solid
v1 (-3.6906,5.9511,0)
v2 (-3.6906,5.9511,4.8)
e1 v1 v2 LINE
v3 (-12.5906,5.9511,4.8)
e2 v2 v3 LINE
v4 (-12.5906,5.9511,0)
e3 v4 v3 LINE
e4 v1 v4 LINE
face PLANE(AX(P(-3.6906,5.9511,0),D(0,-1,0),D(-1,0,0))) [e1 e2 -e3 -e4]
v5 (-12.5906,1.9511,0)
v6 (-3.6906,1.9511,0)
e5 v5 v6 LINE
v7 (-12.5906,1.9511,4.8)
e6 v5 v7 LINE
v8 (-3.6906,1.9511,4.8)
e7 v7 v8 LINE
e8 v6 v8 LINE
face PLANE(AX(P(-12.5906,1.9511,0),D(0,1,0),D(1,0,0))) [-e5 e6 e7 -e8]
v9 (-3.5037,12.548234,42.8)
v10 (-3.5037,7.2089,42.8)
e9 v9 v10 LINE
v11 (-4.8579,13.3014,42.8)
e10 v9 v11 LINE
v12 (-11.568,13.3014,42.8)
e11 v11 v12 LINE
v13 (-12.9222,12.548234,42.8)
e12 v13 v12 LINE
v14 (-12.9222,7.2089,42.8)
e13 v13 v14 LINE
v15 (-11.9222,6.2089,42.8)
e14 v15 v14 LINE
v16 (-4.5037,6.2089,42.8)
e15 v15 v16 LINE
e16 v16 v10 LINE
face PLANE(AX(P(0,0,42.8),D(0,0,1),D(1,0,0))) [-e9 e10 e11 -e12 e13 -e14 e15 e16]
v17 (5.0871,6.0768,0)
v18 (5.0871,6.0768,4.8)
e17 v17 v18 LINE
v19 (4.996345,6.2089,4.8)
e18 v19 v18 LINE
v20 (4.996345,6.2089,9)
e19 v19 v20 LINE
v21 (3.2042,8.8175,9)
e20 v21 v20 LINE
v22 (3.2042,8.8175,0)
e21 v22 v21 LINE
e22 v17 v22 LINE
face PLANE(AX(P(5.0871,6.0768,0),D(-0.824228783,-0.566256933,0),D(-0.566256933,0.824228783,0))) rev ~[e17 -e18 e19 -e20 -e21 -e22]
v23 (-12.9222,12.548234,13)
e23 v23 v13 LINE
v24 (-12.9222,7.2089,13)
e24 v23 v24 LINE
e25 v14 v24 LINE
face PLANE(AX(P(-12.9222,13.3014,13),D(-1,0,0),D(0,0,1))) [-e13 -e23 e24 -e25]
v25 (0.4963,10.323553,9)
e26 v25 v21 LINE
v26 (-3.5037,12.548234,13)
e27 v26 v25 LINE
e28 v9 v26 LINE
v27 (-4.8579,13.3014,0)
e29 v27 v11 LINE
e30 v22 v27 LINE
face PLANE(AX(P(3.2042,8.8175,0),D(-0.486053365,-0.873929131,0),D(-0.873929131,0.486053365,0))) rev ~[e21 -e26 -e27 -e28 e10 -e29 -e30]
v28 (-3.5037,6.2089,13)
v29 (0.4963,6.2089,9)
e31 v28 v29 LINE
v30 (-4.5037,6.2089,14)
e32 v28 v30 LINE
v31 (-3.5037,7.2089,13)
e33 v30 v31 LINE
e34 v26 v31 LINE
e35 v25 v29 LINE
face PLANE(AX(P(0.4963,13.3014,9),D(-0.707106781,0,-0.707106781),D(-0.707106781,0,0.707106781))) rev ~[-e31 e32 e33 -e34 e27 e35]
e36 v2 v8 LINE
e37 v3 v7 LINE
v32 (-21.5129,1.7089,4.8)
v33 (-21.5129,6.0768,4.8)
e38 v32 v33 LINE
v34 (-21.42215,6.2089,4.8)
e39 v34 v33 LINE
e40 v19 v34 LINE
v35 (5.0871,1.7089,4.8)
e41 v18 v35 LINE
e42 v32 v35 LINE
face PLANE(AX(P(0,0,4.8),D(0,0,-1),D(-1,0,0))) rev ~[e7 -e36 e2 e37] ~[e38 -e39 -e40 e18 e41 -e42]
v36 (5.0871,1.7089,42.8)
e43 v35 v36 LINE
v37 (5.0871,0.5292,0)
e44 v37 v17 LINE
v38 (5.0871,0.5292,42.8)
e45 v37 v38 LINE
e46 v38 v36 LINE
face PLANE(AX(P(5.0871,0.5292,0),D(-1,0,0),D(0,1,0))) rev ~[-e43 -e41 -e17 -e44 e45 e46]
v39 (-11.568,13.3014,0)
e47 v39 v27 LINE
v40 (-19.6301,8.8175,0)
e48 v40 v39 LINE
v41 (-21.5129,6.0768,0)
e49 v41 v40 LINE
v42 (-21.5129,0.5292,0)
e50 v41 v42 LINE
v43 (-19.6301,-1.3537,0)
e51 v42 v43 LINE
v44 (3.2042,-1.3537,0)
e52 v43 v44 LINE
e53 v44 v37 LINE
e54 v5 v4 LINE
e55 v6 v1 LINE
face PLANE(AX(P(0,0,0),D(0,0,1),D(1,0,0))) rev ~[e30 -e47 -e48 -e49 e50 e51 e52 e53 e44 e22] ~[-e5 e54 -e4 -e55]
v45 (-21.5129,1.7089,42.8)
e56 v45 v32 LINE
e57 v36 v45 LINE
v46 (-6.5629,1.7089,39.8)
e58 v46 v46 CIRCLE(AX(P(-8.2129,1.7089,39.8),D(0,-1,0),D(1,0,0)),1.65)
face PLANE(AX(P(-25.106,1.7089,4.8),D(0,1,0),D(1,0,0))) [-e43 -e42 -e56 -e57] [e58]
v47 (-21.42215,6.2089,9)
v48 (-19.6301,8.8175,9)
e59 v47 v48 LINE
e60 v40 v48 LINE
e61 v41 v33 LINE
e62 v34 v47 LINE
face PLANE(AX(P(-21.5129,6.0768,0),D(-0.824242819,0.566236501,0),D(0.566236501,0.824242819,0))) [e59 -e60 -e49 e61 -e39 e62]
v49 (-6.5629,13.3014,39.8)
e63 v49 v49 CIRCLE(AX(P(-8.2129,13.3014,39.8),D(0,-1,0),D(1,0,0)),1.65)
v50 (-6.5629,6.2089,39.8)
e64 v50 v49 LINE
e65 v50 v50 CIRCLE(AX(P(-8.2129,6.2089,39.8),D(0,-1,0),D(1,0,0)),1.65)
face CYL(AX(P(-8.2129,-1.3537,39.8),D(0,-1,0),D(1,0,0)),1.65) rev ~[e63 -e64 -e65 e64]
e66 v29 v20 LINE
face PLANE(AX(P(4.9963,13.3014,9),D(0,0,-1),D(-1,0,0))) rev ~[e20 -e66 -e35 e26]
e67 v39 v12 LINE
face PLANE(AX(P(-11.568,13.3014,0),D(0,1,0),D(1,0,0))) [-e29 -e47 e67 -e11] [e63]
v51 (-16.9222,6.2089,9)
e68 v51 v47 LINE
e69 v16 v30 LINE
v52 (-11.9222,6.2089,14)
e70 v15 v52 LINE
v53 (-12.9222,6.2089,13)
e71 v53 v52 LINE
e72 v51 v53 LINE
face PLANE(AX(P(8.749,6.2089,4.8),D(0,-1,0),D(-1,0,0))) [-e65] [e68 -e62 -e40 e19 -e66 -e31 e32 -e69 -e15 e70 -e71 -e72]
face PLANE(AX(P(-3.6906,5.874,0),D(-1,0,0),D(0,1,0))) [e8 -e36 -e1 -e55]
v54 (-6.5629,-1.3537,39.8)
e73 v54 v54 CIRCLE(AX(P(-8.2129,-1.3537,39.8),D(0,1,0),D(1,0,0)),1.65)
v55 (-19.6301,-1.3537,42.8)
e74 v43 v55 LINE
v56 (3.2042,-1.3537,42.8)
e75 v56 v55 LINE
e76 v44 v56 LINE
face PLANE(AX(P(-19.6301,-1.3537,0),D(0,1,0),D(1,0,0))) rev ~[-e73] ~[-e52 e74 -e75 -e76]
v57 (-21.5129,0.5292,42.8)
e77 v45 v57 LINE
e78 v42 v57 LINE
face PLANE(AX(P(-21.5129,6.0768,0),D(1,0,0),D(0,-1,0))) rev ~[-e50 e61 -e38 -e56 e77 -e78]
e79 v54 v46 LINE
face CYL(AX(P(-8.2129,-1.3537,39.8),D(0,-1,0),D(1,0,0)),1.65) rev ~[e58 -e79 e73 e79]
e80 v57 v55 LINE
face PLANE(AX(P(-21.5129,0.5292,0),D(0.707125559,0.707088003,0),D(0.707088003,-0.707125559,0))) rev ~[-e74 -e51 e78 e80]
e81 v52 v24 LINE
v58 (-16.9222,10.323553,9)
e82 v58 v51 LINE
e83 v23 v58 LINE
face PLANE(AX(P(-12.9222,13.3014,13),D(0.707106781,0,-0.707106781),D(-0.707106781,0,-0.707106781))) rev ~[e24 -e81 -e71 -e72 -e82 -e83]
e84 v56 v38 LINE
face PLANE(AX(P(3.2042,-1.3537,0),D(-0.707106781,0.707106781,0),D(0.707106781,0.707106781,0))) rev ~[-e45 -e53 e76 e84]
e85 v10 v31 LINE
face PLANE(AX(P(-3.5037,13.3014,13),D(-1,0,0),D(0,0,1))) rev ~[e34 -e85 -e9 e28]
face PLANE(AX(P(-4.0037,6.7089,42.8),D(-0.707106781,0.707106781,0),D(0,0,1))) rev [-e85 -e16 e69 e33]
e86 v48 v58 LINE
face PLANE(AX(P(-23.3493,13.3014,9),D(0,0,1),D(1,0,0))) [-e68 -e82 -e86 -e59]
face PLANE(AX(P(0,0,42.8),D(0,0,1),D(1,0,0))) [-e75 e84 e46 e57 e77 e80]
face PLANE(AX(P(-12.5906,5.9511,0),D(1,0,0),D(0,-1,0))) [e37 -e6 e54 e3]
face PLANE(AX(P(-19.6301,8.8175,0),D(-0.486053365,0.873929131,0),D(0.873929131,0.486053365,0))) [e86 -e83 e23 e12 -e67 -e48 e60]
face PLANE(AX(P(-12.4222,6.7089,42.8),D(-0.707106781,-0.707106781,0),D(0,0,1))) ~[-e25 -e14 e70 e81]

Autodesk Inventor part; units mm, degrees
ref_plane "YZ Plane" through (0, 0, 0) normal (1, 0, 0) x (0, 1, 0)
ref_plane "XZ Plane" through (0, 0, 0) normal (0, 1, 0) x (-1, 0, 0)
ref_plane "XY Plane" through (0, 0, 0) normal (0, 0, 1) x (1, 0, 0)
sketch "Sketch1" plane through (0, 0, 0) normal (0, 0, 1) x (1, 0, 0)
  line L0 (-23.7129, 7.994) -> (-21.7129, 5.994)
  line L1 (-21.7129, 0.4463) -> (-21.7129, 5.994)
  line L2 (-19.7129, -1.5537) -> (-21.7129, 0.4463)
  line L3 (3.2871, -1.5537) -> (-19.7129, -1.5537)
  line L4 (5.2871, 0.4463) -> (3.2871, -1.5537)
  line L5 (5.2871, 5.994) -> (5.2871, 0.4463)
  line L6 (5.2871, 5.994) -> (7.2871, 7.994)
  line L7 (-23.5715, 8.1354) -> (-21.5129, 6.0768)
  line L8 (-21.5129, 6.0768) -> (-21.5129, 0.5292)
  line L9 (-21.5129, 0.5292) -> (-19.6301, -1.3537)
  line L10 (-19.6301, -1.3537) -> (3.2042, -1.3537)
  line L11 (3.2042, -1.3537) -> (5.0871, 0.5292)
  line L12 (5.0871, 0.5292) -> (5.0871, 6.0768)
  line L13 (5.0871, 6.0768) -> (7.1456, 8.1354)
  line L14 (-21.5129, 6.0768) -> (-19.6301, 8.8175)
  line L15 (-19.6301, 8.8175) -> (-11.568, 13.3014)
  line L16 (-11.568, 13.3014) -> (-8.2129, 13.3014)
  line L17 (-19.7129, -1.5537) -> (-19.7129, -4.3475)
  line L18 (-19.7129, -4.3475) -> (-8.2129, -4.3475)
  line L19 (-8.2129, -4.3475) -> (-8.2129, 15.1673)
  line L20 (5.0871, 6.0768) -> (3.2042, 8.8175)
  line L21 (3.2042, 8.8175) -> (-4.8579, 13.3014)
  line L22 (-4.8579, 13.3014) -> (-8.2129, 13.3014)
  point P0 (0, 0)
  dimension "d0" = 0.2
  dimension "d1" = 23
  dimension "d2" = 11.5
extrude "Extrusion1" add sketch "Sketch1" along normal blind 42.8 contours L10 L9 L8 L14 L15 L16 L19 | L19 L22 L21 L20 L12 L11 L10
sketch "Sketch2" plane through (0, 0, 0) normal (0, 0, -1) x (-1, 0, 0)
  line L0 (13.2269, 1.874) -> (13.2269, 5.874) projected
  line L1 (3.0769, 5.874) -> (13.2269, 5.874) projected
  line L2 (3.0769, 5.874) -> (3.0769, 1.874) projected
  line L3 (3.6906, 5.9511) -> (12.5906, 5.9511)
  line L4 (12.5906, 5.9511) -> (12.5906, 1.9511)
  line L5 (12.5906, 1.9511) -> (3.6906, 1.9511)
  line L6 (3.6906, 1.9511) -> (3.6906, 5.9511)
  point P0 (0, 0)
  dimension "d5" = 4
  dimension "d6" = 8.9
extrude "Extrusion2" cut sketch "Sketch2" against normal blind 4.8
sketch "Sketch3" plane through (0, 0, 4.8) normal (0, 0, -1) x (-1, 0, 0)
  line L0 (-8.749, 6.2089) -> (25.106, 6.2089)
  line L1 (25.106, 6.2089) -> (25.106, 1.7089)
  line L2 (25.106, 1.7089) -> (-8.749, 1.7089)
  line L3 (-8.749, 1.7089) -> (-8.749, 6.2089)
  point P0 (0, 0)
  dimension "d9" = 4.5
extrude "Extrusion3" cut sketch "Sketch3" against normal through all
sketch "Sketch4" plane through (-19.6301, -1.3537, 0) normal (0, -1, 0) x (1, 0, 0)
  line L0 (0, 0) -> (0, 42.8) projected
  line L1 (0, 39.8) -> (11.4172, 39.8)
  line L2 (11.4172, 39.8) -> (22.8343, 39.8)
  line L3 (22.8343, 0) -> (22.8343, 42.8) projected
  circle A0 centre (11.4172, 39.8) radius 1.65
  line L4 (0, 42.8) -> (22.8343, 42.8) projected
  point P0 (19.6301, 0)
  dimension "d12" = 3
  dimension "d13" = 3.3
extrude "Extrusion4" cut sketch "Sketch4" against normal through all contours A0 L2 L1 | L1 L2 A0
sketch "Sketch5" plane through (-11.568, 13.3014, 0) normal (0, 1, 0) x (1, 0, 0)
  line L0 (7.8774, 0) -> (7.8774, -4.8) projected
  line L1 (-1.0226, 0) -> (-1.0226, -4.8) projected
  line L2 (-1.3542, -46.1873) -> (-11.7813, -46.1873)
  line L3 (-11.7813, -46.1873) -> (-11.7813, -9)
  line L4 (-11.7813, -9) -> (-5.3542, -9)
  line L5 (-1.3542, -13) -> (-1.3542, -46.1873)
  line L6 (8.0643, -44.7269) -> (19.9839, -44.7269)
  line L7 (19.9839, -44.7269) -> (19.9839, -9)
  line L8 (19.9839, -9) -> (12.0643, -9)
  line L9 (8.0643, -13) -> (8.0643, -44.7269)
  line L10 (16.5643, -42.8) -> (16.5643, -4.8) projected
  line L11 (-9.8542, -4.8) -> (-9.8542, -42.8) projected
  line L12 (14.7722, 0) -> (6.7101, 0) projected
  line L13 (12.0643, -9) -> (8.0643, -13)
  line L14 (-1.3542, -13) -> (-5.3542, -9)
  point P0 (11.568, 0)
  point P1 (-1.3542, -9)
  point P2 (8.0643, -9)
  dimension "d16" = 8.5
  dimension "d17" = 8.5
  dimension "d18" = 9
  dimension "d19" = 4
  dimension "d20" = 4
  dimension "d21" = 4
  dimension "d22" = 4
extrude "Extrusion5" cut sketch "Sketch5" against normal up to surface (11.5925 mm away)
chamfer "Chamfer1" distance 1 angle 45 2 edges at (-3.5036, 6.2089, 27.9) (-12.9222, 6.2089, 27.9)
equation "\"d17\" = d16"
equation "\"d20\" = d19"
equation "\"d21\" = d19"
equation "\"d22\" = d21"
properties part number "charge_port_plug"
